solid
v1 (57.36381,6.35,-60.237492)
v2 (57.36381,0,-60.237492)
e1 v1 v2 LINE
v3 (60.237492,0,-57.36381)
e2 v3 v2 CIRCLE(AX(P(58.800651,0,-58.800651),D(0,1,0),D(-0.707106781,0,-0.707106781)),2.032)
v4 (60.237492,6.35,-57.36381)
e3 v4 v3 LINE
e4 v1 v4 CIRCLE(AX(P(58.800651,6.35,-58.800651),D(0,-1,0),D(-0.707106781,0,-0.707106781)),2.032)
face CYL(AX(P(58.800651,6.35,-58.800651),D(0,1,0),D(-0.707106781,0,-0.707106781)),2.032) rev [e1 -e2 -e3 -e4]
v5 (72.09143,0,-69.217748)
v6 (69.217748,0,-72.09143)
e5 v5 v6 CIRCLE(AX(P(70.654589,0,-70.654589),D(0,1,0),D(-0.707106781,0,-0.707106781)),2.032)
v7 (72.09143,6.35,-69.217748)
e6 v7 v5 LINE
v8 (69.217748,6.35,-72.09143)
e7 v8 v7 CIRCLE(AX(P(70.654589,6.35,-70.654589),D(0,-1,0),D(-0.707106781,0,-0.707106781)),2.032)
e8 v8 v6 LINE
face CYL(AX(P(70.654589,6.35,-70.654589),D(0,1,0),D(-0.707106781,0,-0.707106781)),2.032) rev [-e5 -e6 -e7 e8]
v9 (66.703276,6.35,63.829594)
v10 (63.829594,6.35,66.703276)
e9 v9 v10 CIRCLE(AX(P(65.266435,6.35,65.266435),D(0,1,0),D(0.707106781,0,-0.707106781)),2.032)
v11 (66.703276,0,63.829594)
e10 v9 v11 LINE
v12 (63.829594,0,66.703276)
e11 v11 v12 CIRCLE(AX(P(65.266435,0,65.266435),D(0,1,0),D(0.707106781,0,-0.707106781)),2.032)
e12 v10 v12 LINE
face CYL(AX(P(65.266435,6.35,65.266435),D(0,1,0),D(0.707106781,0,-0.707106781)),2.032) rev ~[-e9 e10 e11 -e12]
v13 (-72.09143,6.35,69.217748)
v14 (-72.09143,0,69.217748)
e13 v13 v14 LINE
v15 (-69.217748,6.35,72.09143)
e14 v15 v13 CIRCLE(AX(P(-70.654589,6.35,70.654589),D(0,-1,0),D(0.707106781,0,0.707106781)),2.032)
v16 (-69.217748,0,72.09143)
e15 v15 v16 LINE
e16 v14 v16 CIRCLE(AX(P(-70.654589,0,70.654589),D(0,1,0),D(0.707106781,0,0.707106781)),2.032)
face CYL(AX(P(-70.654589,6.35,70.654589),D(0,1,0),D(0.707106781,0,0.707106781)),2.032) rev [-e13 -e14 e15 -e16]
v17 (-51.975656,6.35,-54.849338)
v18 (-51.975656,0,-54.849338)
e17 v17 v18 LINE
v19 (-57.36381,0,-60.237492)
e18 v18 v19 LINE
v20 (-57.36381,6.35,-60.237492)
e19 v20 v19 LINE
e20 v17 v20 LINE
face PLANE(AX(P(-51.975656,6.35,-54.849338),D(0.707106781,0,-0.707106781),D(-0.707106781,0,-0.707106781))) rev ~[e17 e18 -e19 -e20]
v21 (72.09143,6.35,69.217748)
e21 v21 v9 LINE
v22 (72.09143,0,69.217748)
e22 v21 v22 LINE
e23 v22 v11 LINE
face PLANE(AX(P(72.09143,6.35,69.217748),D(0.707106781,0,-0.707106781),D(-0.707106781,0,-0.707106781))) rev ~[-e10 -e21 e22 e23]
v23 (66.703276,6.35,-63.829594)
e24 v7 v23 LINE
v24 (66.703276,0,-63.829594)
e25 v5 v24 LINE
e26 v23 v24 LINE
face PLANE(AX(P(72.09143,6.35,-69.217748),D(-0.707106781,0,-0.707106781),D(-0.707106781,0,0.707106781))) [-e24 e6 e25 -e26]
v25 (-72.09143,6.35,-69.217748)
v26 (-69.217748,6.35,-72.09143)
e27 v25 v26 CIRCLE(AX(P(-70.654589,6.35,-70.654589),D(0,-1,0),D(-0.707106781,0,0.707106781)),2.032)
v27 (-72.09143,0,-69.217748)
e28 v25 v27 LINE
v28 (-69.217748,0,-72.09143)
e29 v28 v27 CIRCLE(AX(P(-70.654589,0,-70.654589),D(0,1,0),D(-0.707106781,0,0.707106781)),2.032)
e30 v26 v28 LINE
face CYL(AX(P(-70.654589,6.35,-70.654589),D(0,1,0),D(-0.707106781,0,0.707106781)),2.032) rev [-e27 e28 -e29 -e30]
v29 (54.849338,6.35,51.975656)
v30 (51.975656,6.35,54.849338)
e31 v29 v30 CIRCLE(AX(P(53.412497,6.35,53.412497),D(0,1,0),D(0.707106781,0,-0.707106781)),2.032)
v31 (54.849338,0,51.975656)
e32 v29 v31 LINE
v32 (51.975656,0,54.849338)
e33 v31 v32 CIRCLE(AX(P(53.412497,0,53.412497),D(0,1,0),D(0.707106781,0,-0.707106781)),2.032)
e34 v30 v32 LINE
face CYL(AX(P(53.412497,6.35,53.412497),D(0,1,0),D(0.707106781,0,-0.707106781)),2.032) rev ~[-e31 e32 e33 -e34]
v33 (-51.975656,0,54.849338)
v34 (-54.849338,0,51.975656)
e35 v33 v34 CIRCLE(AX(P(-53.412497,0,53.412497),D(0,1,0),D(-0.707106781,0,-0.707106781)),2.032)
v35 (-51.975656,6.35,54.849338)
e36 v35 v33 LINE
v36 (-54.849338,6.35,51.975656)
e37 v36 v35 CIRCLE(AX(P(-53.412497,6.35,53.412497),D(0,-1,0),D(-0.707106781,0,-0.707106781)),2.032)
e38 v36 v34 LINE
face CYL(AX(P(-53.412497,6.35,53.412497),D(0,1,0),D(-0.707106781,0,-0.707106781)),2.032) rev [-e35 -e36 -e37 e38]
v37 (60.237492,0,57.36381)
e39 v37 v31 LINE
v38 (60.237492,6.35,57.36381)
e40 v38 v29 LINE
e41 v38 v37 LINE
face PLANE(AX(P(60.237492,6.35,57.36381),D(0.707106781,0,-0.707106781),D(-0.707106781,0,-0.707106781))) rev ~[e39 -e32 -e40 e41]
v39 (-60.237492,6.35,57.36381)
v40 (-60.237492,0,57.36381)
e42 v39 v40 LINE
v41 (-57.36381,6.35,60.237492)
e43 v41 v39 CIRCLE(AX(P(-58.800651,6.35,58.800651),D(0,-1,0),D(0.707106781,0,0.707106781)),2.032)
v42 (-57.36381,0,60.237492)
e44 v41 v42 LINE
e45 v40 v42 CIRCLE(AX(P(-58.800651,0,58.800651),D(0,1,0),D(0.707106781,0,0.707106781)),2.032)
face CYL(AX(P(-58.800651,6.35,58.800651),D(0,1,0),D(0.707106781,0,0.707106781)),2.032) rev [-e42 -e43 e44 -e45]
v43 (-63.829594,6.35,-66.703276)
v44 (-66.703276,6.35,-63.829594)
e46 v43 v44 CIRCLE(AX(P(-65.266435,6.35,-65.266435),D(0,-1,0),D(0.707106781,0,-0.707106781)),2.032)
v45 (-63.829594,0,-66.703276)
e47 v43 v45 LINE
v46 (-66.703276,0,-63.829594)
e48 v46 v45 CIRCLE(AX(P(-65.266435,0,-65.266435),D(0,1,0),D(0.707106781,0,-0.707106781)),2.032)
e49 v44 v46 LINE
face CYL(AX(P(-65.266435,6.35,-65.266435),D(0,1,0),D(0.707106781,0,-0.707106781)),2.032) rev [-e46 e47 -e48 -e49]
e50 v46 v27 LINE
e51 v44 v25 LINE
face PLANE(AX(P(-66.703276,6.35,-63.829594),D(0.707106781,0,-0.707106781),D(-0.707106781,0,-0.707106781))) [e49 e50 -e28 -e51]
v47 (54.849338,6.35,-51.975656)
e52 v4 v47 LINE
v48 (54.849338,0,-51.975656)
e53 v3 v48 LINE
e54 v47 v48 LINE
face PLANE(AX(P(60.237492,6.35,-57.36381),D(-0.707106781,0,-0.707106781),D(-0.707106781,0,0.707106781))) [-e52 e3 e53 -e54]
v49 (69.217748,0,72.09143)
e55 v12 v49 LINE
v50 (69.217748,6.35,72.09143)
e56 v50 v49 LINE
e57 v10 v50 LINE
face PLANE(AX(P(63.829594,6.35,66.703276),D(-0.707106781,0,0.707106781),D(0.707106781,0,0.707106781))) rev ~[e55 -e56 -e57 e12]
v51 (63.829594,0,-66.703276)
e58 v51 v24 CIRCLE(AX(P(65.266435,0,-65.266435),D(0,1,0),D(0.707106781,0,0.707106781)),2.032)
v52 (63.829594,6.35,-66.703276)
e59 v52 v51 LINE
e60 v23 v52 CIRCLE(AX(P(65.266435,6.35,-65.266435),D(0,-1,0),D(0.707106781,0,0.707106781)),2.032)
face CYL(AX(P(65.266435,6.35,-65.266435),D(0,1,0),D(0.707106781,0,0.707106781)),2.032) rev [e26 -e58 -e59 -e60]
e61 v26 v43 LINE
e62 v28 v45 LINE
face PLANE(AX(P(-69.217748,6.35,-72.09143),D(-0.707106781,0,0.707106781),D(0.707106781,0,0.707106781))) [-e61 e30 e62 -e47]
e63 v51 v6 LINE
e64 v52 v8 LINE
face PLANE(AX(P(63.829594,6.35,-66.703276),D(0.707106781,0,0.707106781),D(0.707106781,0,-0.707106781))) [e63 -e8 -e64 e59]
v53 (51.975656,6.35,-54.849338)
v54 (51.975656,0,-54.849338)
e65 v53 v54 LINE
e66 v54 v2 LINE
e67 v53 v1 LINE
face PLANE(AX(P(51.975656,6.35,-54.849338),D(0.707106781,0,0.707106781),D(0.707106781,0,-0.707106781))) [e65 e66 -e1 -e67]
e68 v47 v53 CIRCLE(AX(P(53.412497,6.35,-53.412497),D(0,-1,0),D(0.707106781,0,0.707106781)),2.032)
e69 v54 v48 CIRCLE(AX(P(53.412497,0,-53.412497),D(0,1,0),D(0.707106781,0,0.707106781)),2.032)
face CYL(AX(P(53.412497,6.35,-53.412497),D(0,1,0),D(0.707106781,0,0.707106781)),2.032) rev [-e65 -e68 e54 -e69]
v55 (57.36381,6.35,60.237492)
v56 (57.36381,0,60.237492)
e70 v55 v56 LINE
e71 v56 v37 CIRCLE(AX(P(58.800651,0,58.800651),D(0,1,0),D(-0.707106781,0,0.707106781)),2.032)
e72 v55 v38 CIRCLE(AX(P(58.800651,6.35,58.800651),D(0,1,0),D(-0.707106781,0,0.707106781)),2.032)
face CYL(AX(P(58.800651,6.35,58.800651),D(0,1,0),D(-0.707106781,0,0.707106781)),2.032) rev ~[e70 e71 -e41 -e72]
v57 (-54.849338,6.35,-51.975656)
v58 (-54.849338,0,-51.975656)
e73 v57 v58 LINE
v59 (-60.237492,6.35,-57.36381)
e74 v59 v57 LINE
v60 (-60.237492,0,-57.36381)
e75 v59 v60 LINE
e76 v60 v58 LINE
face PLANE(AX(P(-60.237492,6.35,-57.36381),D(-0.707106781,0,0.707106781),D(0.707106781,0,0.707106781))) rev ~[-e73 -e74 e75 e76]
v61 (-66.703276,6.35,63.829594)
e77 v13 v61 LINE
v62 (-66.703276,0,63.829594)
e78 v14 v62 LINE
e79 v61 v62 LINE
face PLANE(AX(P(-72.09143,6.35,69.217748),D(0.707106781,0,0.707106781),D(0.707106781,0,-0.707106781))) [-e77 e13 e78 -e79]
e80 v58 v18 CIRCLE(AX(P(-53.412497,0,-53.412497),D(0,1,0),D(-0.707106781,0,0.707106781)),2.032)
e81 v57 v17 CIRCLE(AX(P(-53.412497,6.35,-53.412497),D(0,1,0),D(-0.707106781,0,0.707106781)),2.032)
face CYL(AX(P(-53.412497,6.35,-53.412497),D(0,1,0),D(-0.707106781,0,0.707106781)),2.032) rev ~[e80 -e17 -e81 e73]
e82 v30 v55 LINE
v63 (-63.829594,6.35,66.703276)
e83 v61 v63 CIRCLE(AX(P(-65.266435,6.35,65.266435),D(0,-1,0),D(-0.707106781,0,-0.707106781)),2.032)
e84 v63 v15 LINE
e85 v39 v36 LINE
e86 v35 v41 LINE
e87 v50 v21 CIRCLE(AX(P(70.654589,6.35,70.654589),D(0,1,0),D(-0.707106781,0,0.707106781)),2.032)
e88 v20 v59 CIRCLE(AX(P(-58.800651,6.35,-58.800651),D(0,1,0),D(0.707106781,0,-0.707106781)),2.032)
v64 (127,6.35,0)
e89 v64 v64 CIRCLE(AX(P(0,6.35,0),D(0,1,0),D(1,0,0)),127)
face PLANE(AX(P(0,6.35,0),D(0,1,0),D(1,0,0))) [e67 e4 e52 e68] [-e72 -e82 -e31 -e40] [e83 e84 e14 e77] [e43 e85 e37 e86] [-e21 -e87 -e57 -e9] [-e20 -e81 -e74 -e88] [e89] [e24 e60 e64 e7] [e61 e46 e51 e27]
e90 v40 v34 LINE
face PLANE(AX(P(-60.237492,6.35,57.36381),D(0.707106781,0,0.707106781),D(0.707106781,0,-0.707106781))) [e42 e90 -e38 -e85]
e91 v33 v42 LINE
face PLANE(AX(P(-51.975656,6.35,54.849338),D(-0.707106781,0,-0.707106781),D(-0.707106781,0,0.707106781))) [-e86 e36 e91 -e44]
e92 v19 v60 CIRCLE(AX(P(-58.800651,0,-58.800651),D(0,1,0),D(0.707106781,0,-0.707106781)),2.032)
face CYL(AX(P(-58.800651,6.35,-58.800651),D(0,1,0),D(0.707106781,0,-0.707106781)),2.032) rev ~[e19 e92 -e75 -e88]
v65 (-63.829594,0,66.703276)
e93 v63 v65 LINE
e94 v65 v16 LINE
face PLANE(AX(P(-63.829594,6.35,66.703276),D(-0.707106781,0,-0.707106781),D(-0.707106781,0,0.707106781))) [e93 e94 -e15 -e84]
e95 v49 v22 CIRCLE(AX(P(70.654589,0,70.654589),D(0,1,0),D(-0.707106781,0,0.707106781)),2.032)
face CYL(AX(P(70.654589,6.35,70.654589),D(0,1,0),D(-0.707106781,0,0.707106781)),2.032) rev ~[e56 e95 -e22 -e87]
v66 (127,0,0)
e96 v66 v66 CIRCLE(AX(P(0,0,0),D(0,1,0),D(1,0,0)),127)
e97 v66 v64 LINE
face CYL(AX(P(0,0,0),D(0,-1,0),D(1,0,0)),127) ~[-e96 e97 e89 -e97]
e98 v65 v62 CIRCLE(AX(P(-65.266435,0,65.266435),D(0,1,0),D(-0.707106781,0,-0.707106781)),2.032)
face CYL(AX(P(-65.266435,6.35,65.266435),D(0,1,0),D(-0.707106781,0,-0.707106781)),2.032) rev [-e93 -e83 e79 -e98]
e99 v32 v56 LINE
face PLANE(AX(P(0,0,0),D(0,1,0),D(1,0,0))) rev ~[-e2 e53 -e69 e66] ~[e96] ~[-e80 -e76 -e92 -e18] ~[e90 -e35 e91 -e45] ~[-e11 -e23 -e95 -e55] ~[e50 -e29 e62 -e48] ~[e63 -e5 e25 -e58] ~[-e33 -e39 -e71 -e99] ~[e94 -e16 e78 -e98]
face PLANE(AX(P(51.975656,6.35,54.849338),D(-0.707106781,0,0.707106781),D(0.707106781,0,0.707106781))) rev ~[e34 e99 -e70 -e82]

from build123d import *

# Parameters (mm, degrees)
SKETCH1_R           = 127
BOSS_EXTRUDE1_DEPTH = 6.35
CUT_EXTRUDE1_DEPTH  = 7.35


with BuildPart() as part:
    # Sketch1 → Boss-Extrude1 (new body)
    with BuildSketch(Plane(origin=(0, 0, 0), x_dir=(1, 0, 0), z_dir=(0, 1, 0))):
        Circle(SKETCH1_R)
    extrude(amount=BOSS_EXTRUDE1_DEPTH)

    # Sketch2 → Cut-Extrude1 (cut, through all)
    with BuildSketch(Plane(origin=(0, 6.35, 0), x_dir=(1, 0, 0), z_dir=(0, 1, 0))):
        with BuildLine():
            Line((-60.237491978, 57.363810019), (-54.849338305, 51.975656347))
            ThreePointArc((-54.849338305, 51.975656347), (-51.975656347, 51.975656347), (-51.975656347, 54.849338305))
            Line((-51.975656347, 54.849338305), (-57.363810019, 60.237491978))
            ThreePointArc((-57.363810019, 60.237491978), (-60.237491978, 60.237491978), (-60.237491978, 57.363810019))
        make_face()
        with BuildLine():
            ThreePointArc((54.849338305, 51.975656347), (51.975656347, 51.975656347), (51.975656347, 54.849338305))
            Line((51.975656347, 54.849338305), (57.363810019, 60.237491978))
            ThreePointArc((57.363810019, 60.237491978), (60.237491978, 60.237491978), (60.237491978, 57.363810019))
            Line((60.237491978, 57.363810019), (54.849338305, 51.975656347))
        make_face()
        with BuildLine():
            ThreePointArc((66.703276385, 63.829594426), (63.829594426, 63.829594426), (63.829594426, 66.703276385))
            Line((63.829594426, 66.703276385), (69.217748099, 72.091430058))
            ThreePointArc((69.217748099, 72.091430058), (72.091430058, 72.091430058), (72.091430058, 69.217748099))
            Line((72.091430058, 69.217748099), (66.703276385, 63.829594426))
        make_face()
        with BuildLine():
            Line((60.237491978, -57.363810019), (54.849338305, -51.975656347))
            ThreePointArc((54.849338305, -51.975656347), (51.975656347, -51.975656347), (51.975656347, -54.849338305))
            Line((51.975656347, -54.849338305), (57.363810019, -60.237491978))
            ThreePointArc((57.363810019, -60.237491978), (60.237491978, -60.237491978), (60.237491978, -57.363810019))
        make_face()
        with BuildLine():
            Line((72.091430058, -69.217748099), (66.703276385, -63.829594426))
            ThreePointArc((66.703276385, -63.829594426), (63.829594426, -63.829594426), (63.829594426, -66.703276385))
            Line((63.829594426, -66.703276385), (69.217748099, -72.091430058))
            ThreePointArc((69.217748099, -72.091430058), (72.091430058, -72.091430058), (72.091430058, -69.217748099))
        make_face()
        with BuildLine():
            ThreePointArc((-54.849338305, -51.975656347), (-51.975656347, -51.975656347), (-51.975656347, -54.849338305))
            Line((-51.975656347, -54.849338305), (-57.363810019, -60.237491978))
            ThreePointArc((-57.363810019, -60.237491978), (-60.237491978, -60.237491978), (-60.237491978, -57.363810019))
            Line((-60.237491978, -57.363810019), (-54.849338305, -51.975656347))
        make_face()
        with BuildLine():
            ThreePointArc((-66.703276385, -63.829594426), (-63.829594426, -63.829594426), (-63.829594426, -66.703276385))
            Line((-63.829594426, -66.703276385), (-69.217748099, -72.091430058))
            ThreePointArc((-69.217748099, -72.091430058), (-72.091430058, -72.091430058), (-72.091430058, -69.217748099))
            Line((-72.091430058, -69.217748099), (-66.703276385, -63.829594426))
        make_face()
        with BuildLine():
            Line((-69.217748099, 72.091430058), (-63.829594426, 66.703276385))
            ThreePointArc((-63.829594426, 66.703276385), (-63.829594426, 63.829594426), (-66.703276385, 63.829594426))
            Line((-66.703276385, 63.829594426), (-72.091430058, 69.217748099))
            ThreePointArc((-72.091430058, 69.217748099), (-72.091430058, 72.091430058), (-69.217748099, 72.091430058))
        make_face()
    extrude(amount=-CUT_EXTRUDE1_DEPTH, mode=Mode.SUBTRACT)


solid = part.part
